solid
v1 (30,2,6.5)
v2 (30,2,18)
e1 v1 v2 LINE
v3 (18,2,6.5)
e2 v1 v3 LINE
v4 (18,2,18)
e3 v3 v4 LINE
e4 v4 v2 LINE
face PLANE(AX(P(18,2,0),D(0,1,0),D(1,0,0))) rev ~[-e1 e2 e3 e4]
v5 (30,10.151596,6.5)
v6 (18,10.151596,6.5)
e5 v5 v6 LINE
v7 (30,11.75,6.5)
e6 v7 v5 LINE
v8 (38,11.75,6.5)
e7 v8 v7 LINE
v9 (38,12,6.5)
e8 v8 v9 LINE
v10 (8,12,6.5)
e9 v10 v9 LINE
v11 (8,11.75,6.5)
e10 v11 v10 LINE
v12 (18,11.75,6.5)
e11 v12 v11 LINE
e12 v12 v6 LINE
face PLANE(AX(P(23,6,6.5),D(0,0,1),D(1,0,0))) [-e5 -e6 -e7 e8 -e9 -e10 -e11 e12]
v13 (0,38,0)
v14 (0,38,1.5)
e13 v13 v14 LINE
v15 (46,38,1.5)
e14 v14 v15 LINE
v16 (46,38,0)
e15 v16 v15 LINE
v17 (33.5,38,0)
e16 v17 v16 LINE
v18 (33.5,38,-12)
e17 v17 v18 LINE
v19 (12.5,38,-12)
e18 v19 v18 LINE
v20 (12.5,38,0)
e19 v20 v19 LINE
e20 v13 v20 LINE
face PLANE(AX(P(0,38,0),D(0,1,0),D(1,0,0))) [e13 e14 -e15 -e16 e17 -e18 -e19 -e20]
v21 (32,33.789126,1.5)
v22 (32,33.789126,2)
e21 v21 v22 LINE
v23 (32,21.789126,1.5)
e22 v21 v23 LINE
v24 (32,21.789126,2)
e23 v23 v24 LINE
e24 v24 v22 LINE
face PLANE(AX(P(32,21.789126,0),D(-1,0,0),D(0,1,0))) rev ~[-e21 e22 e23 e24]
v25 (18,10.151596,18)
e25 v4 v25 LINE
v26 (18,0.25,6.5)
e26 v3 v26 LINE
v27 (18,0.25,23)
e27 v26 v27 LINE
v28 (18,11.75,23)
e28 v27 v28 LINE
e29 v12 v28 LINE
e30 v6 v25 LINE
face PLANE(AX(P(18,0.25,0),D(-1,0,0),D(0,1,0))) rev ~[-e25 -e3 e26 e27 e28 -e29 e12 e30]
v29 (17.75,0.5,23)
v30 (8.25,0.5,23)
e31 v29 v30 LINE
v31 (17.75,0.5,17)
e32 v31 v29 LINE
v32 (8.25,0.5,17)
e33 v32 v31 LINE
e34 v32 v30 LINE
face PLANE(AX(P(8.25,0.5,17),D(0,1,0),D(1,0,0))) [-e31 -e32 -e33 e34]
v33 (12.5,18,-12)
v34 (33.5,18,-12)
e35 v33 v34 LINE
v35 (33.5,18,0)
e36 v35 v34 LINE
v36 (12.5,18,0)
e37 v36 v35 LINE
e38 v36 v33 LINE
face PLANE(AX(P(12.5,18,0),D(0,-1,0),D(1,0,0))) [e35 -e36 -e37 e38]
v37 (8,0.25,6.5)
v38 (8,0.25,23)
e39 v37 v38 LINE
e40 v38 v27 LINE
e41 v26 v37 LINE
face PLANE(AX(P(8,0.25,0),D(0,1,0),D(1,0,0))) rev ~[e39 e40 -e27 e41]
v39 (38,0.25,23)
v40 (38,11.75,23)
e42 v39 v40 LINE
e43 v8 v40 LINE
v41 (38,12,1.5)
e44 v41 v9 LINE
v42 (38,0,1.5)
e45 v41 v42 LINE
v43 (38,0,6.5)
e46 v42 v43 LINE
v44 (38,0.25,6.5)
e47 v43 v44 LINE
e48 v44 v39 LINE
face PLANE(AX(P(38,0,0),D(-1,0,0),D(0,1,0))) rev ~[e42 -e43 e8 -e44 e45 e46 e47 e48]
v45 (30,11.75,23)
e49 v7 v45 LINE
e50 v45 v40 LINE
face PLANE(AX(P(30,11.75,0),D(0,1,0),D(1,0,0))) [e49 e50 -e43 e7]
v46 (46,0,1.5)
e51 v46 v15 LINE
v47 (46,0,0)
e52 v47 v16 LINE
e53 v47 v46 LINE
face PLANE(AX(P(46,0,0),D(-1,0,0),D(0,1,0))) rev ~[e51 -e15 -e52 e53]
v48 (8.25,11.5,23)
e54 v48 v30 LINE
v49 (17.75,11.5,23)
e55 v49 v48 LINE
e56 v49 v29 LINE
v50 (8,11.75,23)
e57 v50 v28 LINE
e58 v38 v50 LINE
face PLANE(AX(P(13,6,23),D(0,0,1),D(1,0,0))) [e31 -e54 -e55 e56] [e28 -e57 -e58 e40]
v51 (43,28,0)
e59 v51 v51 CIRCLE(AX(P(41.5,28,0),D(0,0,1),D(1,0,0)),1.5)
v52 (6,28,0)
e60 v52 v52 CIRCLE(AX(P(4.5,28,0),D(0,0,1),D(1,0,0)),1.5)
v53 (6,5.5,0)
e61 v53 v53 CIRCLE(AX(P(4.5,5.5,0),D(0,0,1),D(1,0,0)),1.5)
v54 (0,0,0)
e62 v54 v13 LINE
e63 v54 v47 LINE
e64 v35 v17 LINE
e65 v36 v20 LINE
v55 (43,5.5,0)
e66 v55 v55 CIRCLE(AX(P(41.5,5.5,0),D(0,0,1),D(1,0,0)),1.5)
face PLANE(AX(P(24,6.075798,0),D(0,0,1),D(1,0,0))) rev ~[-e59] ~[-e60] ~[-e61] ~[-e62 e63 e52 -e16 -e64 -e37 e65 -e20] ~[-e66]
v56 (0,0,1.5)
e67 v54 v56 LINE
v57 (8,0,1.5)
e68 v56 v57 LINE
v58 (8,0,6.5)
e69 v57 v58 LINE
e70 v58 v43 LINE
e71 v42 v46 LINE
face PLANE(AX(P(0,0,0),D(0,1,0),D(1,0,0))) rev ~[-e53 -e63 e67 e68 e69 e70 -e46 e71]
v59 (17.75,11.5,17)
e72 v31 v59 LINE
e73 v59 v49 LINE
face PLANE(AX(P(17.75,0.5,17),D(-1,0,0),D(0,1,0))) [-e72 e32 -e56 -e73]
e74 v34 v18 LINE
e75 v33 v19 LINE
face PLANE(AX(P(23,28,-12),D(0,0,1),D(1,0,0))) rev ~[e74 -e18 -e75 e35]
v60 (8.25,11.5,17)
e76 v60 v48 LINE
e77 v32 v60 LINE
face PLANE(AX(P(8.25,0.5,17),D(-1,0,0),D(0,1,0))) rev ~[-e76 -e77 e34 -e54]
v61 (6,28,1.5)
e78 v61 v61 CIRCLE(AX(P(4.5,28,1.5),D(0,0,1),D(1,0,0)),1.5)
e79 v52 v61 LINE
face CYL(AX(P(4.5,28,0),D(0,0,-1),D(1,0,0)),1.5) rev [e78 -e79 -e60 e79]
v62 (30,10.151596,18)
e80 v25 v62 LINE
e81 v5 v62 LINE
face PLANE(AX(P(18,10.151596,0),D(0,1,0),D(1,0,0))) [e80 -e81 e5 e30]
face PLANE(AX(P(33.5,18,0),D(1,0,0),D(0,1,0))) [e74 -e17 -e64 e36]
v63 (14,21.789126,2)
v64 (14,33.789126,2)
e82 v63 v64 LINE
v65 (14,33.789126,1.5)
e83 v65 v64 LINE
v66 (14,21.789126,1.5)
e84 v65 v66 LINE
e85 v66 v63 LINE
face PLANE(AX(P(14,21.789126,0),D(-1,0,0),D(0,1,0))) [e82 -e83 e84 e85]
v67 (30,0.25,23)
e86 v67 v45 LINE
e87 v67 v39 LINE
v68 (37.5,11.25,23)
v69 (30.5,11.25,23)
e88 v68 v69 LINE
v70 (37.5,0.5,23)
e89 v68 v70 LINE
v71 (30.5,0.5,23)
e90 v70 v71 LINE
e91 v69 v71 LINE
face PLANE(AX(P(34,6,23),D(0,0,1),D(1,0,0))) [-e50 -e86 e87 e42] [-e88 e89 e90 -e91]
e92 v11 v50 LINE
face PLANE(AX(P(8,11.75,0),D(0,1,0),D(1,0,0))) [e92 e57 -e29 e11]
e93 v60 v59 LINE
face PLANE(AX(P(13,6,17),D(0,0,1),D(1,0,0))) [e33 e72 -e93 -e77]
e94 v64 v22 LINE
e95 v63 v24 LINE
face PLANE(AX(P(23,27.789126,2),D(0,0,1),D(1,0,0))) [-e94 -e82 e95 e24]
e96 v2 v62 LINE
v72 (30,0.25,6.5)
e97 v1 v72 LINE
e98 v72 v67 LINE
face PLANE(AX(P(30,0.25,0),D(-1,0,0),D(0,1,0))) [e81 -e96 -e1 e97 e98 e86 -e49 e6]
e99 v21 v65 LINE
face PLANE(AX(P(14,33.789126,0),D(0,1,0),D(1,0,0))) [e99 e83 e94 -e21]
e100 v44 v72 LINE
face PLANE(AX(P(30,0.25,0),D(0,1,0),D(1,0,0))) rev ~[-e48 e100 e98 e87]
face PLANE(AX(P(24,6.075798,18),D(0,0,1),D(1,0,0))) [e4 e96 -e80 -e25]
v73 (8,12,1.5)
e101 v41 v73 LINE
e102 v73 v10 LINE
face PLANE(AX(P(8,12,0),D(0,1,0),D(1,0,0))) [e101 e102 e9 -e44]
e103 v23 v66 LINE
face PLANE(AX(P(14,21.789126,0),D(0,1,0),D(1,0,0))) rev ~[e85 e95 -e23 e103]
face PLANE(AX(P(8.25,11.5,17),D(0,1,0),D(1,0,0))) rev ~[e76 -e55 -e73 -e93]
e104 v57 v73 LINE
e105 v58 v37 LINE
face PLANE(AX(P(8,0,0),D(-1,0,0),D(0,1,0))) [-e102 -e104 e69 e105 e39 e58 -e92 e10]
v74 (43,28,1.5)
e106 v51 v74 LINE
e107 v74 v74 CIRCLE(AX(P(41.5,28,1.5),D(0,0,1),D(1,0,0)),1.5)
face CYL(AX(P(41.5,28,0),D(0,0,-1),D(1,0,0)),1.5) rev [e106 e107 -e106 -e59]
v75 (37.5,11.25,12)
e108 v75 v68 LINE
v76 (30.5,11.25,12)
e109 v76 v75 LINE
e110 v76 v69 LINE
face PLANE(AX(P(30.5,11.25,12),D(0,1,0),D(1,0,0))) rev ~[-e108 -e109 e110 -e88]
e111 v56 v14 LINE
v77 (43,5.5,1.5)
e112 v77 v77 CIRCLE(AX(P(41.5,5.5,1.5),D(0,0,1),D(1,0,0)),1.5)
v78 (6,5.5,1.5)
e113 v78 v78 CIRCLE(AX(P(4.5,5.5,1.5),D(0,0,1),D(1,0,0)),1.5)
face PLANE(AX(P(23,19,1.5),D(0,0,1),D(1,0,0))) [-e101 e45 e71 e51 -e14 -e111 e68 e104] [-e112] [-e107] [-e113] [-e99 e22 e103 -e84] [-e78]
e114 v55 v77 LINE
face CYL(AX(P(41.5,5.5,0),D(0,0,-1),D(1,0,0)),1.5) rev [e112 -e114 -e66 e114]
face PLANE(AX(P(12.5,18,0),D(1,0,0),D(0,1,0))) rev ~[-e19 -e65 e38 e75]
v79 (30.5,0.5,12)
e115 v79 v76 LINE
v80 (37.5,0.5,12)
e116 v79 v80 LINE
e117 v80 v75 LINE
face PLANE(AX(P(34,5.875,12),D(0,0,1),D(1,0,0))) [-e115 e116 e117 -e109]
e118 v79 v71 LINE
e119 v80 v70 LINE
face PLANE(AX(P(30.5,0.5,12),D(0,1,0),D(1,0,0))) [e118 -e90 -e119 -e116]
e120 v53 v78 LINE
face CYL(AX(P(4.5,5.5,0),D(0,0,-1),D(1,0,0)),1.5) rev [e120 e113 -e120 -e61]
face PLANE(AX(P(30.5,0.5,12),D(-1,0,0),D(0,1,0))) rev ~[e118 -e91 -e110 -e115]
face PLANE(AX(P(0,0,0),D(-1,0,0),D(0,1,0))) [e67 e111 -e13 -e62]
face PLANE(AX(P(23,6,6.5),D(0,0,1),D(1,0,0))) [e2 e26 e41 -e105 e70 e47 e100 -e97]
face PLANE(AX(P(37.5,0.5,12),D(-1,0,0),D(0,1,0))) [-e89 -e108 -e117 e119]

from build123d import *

# Parameters (mm, degrees)
SKETCH2_W            = 46
SKETCH2_H            = 38
SKETCH2_R            = 1.5
BOSS_EXTRUDE1_DEPTH  = 1.5
SKETCH12_W           = 21
SKETCH12_H           = 20
BOSS_EXTRUDE6_DEPTH  = 12
SKETCH13_W           = 18
SKETCH13_H           = 12
BOSS_EXTRUDE7_DEPTH  = 2
SKETCH15_W           = 30
SKETCH15_H           = 12
BOSS_EXTRUDE8_DEPTH  = 6.5
SKETCH16_W           = 10
SKETCH16_H           = 11.5
BOSS_EXTRUDE9_DEPTH  = 23
SKETCH17_W           = 8
SKETCH17_H           = 11.5
BOSS_EXTRUDE10_DEPTH = 23
SKETCH18_W           = 12
SKETCH18_H           = 8.151595729
BOSS_EXTRUDE11_DEPTH = 18
SKETCH19_W           = 9.5
SKETCH19_H           = 11
CUT_EXTRUDE3_DEPTH   = 16.5
SKETCH22_W           = 7
SKETCH22_H           = 10.75
CUT_EXTRUDE4_DEPTH   = 16.5


with BuildPart() as part:
    # Sketch2 → Boss-Extrude1 (new body)
    with BuildSketch(Plane.XY):
        with Locations((23, 19)):
            Rectangle(SKETCH2_W, SKETCH2_H)
        with Locations((4.5, 28)):
            Circle(SKETCH2_R, mode=Mode.SUBTRACT)
        with Locations((4.5, 5.5)):
            Circle(SKETCH2_R, mode=Mode.SUBTRACT)
        with Locations((41.5, 5.5)):
            Circle(SKETCH2_R, mode=Mode.SUBTRACT)
        with Locations((41.5, 28)):
            Circle(SKETCH2_R, mode=Mode.SUBTRACT)
    extrude(amount=BOSS_EXTRUDE1_DEPTH)

    # Sketch12 → Boss-Extrude6 (add)
    with BuildSketch(Plane.XY):
        with Locations((23, 28)):
            Rectangle(SKETCH12_W, SKETCH12_H)
    extrude(amount=-BOSS_EXTRUDE6_DEPTH)

    # Sketch13 → Boss-Extrude7 (add)
    with BuildSketch(Plane.XY):
        with Locations((23, 27.789125994)):
            Rectangle(SKETCH13_W, SKETCH13_H)
    extrude(amount=BOSS_EXTRUDE7_DEPTH)

    # Sketch15 → Boss-Extrude8 (add)
    with BuildSketch(Plane.XY):
        with Locations((23, 6)):
            Rectangle(SKETCH15_W, SKETCH15_H)
    extrude(amount=BOSS_EXTRUDE8_DEPTH)

    # Sketch16 → Boss-Extrude9 (add)
    with BuildSketch(Plane.XY):
        with Locations((13, 6)):
            Rectangle(SKETCH16_W, SKETCH16_H)
    extrude(amount=BOSS_EXTRUDE9_DEPTH)

    # Sketch17 → Boss-Extrude10 (add)
    with BuildSketch(Plane.XY):
        with Locations((34, 6)):
            Rectangle(SKETCH17_W, SKETCH17_H)
    extrude(amount=BOSS_EXTRUDE10_DEPTH)

    # Sketch18 → Boss-Extrude11 (add)
    with BuildSketch(Plane.XY):
        with Locations((24, 6.075797865)):
            Rectangle(SKETCH18_W, SKETCH18_H)
    extrude(amount=BOSS_EXTRUDE11_DEPTH)

    # Sketch19 → Cut-Extrude3 (cut)
    with BuildSketch(Plane.XY.offset(17)):
        with Locations((13, 6)):
            Rectangle(SKETCH19_W, SKETCH19_H)
    extrude(amount=CUT_EXTRUDE3_DEPTH, mode=Mode.SUBTRACT)

    # Sketch22 → Cut-Extrude4 (cut)
    with BuildSketch(Plane.XY.offset(12)):
        with Locations((34, 5.875)):
            Rectangle(SKETCH22_W, SKETCH22_H)
    extrude(amount=CUT_EXTRUDE4_DEPTH, mode=Mode.SUBTRACT)


solid = part.part
